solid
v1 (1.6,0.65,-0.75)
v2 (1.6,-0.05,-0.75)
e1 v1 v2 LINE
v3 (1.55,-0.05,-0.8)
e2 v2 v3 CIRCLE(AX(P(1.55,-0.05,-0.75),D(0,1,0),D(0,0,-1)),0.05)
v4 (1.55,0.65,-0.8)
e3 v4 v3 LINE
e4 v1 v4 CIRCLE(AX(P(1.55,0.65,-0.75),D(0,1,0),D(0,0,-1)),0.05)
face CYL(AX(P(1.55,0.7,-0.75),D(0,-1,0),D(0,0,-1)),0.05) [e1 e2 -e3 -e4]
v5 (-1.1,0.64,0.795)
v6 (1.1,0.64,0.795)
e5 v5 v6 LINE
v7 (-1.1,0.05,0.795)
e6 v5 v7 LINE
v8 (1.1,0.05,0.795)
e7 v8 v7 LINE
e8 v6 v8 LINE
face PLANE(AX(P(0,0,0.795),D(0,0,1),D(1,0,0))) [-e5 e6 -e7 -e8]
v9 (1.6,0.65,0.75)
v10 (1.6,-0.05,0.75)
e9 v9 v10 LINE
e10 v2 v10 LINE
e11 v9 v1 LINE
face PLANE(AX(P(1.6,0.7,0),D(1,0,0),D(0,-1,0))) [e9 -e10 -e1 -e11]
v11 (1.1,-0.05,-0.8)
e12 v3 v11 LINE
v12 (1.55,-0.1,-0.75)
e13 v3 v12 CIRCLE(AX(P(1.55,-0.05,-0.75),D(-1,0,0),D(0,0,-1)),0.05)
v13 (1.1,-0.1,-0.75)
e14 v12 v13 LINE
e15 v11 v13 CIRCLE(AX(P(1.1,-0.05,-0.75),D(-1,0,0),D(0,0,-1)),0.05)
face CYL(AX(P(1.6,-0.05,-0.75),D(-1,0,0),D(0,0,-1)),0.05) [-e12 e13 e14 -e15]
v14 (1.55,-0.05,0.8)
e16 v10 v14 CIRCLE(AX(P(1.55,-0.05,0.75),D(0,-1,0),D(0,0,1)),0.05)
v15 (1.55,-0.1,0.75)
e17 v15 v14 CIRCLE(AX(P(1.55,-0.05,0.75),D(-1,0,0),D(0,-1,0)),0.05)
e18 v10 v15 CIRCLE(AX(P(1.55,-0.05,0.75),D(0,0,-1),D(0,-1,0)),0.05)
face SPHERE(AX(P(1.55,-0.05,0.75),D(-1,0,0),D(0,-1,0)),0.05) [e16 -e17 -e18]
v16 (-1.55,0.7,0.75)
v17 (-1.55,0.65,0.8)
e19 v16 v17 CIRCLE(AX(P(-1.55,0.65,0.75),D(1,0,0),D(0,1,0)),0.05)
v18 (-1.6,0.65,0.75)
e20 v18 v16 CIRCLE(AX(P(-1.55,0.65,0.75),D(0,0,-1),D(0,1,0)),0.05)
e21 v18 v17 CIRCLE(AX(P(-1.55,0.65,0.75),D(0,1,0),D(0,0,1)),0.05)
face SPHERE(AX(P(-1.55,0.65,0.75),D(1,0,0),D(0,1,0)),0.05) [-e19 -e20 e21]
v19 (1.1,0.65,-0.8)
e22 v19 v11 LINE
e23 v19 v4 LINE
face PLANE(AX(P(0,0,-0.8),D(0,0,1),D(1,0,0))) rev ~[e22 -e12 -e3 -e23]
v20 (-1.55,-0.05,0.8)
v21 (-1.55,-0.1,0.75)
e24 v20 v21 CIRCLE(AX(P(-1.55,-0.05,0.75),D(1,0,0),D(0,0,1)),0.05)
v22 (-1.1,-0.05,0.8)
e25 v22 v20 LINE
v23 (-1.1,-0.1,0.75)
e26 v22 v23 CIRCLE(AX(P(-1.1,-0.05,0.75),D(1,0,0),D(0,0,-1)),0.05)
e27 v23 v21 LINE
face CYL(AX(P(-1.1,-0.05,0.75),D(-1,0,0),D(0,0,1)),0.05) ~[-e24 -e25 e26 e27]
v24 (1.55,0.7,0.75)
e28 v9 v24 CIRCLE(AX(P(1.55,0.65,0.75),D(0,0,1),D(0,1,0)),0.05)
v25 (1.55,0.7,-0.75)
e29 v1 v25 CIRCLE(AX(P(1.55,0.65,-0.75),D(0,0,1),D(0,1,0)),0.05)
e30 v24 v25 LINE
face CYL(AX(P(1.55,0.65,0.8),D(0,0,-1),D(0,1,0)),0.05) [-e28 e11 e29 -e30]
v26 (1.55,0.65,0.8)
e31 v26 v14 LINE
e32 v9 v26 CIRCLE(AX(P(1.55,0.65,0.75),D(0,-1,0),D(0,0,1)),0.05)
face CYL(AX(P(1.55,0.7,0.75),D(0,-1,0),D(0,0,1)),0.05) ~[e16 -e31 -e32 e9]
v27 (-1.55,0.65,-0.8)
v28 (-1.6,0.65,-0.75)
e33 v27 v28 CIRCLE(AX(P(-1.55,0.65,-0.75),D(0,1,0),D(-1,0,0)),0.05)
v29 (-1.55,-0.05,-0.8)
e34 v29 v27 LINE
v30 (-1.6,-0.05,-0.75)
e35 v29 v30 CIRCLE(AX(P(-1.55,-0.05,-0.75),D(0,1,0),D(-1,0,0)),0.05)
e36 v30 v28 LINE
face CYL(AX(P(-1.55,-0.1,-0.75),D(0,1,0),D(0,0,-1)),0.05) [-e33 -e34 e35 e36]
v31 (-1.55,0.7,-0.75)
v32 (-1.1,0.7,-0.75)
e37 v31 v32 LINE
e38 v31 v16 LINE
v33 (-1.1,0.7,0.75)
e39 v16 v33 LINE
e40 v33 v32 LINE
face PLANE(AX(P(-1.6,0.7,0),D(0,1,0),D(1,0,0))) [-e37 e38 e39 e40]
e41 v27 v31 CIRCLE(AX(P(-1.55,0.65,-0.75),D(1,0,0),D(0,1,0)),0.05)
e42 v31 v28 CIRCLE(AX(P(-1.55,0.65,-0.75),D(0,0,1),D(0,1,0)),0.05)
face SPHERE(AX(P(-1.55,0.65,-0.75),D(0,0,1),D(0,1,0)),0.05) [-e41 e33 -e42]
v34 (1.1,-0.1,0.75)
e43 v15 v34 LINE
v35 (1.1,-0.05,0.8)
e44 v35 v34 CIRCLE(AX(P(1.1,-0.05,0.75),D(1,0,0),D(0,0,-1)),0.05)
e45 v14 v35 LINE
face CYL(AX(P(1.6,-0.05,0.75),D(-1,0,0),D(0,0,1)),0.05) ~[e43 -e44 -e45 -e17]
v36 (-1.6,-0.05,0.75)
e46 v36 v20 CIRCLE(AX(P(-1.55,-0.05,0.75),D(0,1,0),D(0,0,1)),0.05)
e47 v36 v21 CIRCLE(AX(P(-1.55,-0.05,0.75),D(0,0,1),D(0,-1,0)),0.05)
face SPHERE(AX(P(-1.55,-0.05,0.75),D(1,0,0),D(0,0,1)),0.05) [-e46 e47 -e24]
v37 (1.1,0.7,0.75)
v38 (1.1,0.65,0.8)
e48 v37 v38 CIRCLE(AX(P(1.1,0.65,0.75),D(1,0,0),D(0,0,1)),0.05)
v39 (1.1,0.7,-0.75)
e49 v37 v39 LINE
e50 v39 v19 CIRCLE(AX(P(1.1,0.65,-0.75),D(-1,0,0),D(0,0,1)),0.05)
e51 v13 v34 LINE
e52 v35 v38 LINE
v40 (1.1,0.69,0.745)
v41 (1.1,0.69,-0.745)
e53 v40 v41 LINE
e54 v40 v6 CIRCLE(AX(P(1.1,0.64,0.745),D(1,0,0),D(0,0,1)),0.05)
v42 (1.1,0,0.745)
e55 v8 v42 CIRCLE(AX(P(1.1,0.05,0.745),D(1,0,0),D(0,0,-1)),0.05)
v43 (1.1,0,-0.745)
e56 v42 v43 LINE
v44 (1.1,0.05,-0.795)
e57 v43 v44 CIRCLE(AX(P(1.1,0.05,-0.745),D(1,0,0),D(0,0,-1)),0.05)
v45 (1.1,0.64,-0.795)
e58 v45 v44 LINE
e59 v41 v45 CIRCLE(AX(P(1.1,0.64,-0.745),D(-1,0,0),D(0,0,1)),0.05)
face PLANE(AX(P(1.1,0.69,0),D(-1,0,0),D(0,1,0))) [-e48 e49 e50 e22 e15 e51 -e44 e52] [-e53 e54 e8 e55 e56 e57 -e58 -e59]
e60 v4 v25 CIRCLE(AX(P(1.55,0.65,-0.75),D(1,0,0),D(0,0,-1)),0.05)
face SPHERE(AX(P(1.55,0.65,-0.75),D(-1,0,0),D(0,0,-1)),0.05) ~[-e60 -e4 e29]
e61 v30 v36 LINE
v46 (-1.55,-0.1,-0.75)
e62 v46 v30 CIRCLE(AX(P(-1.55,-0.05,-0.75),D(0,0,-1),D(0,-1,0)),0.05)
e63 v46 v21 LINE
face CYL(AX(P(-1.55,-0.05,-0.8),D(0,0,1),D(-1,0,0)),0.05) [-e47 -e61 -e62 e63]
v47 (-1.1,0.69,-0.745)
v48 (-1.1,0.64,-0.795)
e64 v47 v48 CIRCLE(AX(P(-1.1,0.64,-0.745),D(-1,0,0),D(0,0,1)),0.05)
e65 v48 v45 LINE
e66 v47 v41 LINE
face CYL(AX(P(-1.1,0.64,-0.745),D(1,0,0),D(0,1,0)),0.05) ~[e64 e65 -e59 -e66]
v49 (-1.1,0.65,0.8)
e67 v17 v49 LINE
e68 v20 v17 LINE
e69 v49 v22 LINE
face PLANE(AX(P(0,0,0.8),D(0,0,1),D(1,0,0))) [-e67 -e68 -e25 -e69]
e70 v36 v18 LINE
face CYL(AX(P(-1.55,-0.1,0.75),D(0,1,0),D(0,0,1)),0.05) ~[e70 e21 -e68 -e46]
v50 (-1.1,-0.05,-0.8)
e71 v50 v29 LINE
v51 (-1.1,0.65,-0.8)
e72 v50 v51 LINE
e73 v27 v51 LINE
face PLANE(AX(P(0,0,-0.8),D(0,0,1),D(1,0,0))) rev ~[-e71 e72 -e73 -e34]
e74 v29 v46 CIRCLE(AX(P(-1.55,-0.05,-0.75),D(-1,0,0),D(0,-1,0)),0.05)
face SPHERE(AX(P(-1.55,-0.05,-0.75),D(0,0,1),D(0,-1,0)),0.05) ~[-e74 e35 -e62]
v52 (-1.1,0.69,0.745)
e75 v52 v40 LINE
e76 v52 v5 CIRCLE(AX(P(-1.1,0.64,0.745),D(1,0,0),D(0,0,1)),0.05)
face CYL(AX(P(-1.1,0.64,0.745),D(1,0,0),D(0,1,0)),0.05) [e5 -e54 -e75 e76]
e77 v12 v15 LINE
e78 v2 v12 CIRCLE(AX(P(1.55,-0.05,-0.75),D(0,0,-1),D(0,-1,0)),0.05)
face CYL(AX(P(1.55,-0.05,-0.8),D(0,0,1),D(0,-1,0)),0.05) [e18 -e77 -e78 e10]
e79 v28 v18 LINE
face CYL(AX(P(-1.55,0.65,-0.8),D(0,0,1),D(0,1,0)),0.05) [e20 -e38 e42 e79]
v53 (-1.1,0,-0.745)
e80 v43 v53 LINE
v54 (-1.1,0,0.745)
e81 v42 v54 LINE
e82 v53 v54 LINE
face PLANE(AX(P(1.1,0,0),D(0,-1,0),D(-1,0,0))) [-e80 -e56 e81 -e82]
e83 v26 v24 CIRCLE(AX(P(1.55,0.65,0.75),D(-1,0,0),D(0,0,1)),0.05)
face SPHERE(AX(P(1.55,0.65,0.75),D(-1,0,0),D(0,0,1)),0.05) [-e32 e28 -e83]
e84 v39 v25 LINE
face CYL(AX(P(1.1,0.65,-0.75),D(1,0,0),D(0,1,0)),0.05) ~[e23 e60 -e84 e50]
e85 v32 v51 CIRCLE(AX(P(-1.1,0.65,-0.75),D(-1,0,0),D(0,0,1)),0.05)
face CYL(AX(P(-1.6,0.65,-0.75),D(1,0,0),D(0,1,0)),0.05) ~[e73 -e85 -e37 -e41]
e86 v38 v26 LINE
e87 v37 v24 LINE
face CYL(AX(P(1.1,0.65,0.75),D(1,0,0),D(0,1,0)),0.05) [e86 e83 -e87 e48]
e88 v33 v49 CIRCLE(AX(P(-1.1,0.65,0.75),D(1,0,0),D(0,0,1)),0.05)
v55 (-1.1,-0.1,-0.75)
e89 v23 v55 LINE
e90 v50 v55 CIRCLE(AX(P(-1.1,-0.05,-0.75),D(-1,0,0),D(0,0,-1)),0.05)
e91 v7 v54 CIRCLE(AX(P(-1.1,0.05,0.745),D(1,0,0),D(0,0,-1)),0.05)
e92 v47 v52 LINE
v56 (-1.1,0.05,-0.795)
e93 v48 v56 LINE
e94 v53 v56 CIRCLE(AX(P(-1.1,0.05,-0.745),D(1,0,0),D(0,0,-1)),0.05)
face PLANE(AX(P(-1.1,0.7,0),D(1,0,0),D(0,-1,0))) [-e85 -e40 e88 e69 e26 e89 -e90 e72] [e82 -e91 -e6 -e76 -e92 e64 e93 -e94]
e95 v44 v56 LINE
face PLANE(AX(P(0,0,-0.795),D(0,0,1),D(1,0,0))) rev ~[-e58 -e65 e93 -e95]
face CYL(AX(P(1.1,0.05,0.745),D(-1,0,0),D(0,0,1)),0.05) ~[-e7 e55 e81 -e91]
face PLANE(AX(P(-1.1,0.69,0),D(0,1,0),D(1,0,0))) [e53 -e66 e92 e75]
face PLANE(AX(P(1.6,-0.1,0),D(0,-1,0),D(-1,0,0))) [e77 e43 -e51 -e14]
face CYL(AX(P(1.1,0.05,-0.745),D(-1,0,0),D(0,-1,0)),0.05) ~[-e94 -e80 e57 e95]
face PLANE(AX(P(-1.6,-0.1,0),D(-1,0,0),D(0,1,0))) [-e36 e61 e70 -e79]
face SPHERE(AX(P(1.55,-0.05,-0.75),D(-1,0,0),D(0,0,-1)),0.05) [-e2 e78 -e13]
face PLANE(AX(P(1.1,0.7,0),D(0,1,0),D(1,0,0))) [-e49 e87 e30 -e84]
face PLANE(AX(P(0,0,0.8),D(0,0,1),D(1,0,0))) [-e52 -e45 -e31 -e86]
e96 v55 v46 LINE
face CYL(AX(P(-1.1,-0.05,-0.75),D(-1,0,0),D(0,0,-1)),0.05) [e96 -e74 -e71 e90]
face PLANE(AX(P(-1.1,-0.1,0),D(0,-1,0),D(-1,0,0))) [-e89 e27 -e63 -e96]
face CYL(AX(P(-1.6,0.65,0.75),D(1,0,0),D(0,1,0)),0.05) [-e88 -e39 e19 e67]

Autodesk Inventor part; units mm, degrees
ref_plane "YZ Plane" through (0, 0, 0) normal (1, 0, 0) x (0, 1, 0)
ref_plane "XZ Plane" through (0, 0, 0) normal (0, 1, 0) x (-1, 0, 0)
ref_plane "XY Plane" through (0, 0, 0) normal (0, 0, 1) x (1, 0, 0)
sketch "Sketch1" plane through (0, 0, 0) normal (0, 0, 1) x (1, 0, 0)
  line L0 (-1.6, 0.7) -> (-1.1, 0.7)
  line L1 (-1.1, 0.7) -> (-1.1, -0.1)
  line L2 (-1.1, -0.1) -> (-1.6, -0.1)
  line L3 (-1.6, -0.1) -> (-1.6, 0.7)
  line L4 (-1.1, 0.69) -> (1.1, 0.69)
  line L5 (1.1, 0.69) -> (1.1, 0)
  line L6 (1.1, 0) -> (-1.1, 0)
  line L7 (-1.1, 0) -> (-1.1, 0.69)
  line L8 (1.1, 0.7) -> (1.6, 0.7)
  line L9 (1.6, 0.7) -> (1.6, -0.1)
  line L10 (1.6, -0.1) -> (1.1, -0.1)
  line L11 (1.1, -0.1) -> (1.1, 0.7)
  point P0 (0, 0)
  point P1 (0, 0.69)
  point P2 (0, 0)
  dimension "d0" = 3.2
  dimension "d1" = 0.8
  dimension "d2" = 0.5
  dimension "d3" = 0.1
  dimension "d6" = 0.01
extrude "Extrusion1" add sketch "Sketch1" along normal mid plane 1.6 contours L0 L1 L2 L3 | L11 L8 L9 L10 L5
extrude "Extrusion2" add sketch "Sketch1" along normal mid plane 1.59 contours L4 L5 L6 L1
fillet "Fillet1" radius 0.05 20 edges at (0, 0.69, 0.795) (0, 0, 0.795) (0, 0.69, -0.795) (0, 0, -0.795) (-1.35, 0.7, 0.8) (-1.35, -0.1, 0.8) (1.35, -0.1, 0.8) (1.35, 0.7, 0.8) (1.35, 0.7, -0.8) (1.35, -0.1, -0.8) (1.6, 0.3, -0.8) (1.6, -0.1, 0) (1.6, 0.3, 0.8) (1.6, 0.7, 0) (-1.6, 0.7, 0) (-1.6, 0.3, 0.8) (-1.6, -0.1, 0) (-1.35, 0.7, -0.8) (-1.35, -0.1, -0.8) (-1.6, 0.3, -0.8)
properties part number "Capacitor_3216-1.6mm" material "Copper"
